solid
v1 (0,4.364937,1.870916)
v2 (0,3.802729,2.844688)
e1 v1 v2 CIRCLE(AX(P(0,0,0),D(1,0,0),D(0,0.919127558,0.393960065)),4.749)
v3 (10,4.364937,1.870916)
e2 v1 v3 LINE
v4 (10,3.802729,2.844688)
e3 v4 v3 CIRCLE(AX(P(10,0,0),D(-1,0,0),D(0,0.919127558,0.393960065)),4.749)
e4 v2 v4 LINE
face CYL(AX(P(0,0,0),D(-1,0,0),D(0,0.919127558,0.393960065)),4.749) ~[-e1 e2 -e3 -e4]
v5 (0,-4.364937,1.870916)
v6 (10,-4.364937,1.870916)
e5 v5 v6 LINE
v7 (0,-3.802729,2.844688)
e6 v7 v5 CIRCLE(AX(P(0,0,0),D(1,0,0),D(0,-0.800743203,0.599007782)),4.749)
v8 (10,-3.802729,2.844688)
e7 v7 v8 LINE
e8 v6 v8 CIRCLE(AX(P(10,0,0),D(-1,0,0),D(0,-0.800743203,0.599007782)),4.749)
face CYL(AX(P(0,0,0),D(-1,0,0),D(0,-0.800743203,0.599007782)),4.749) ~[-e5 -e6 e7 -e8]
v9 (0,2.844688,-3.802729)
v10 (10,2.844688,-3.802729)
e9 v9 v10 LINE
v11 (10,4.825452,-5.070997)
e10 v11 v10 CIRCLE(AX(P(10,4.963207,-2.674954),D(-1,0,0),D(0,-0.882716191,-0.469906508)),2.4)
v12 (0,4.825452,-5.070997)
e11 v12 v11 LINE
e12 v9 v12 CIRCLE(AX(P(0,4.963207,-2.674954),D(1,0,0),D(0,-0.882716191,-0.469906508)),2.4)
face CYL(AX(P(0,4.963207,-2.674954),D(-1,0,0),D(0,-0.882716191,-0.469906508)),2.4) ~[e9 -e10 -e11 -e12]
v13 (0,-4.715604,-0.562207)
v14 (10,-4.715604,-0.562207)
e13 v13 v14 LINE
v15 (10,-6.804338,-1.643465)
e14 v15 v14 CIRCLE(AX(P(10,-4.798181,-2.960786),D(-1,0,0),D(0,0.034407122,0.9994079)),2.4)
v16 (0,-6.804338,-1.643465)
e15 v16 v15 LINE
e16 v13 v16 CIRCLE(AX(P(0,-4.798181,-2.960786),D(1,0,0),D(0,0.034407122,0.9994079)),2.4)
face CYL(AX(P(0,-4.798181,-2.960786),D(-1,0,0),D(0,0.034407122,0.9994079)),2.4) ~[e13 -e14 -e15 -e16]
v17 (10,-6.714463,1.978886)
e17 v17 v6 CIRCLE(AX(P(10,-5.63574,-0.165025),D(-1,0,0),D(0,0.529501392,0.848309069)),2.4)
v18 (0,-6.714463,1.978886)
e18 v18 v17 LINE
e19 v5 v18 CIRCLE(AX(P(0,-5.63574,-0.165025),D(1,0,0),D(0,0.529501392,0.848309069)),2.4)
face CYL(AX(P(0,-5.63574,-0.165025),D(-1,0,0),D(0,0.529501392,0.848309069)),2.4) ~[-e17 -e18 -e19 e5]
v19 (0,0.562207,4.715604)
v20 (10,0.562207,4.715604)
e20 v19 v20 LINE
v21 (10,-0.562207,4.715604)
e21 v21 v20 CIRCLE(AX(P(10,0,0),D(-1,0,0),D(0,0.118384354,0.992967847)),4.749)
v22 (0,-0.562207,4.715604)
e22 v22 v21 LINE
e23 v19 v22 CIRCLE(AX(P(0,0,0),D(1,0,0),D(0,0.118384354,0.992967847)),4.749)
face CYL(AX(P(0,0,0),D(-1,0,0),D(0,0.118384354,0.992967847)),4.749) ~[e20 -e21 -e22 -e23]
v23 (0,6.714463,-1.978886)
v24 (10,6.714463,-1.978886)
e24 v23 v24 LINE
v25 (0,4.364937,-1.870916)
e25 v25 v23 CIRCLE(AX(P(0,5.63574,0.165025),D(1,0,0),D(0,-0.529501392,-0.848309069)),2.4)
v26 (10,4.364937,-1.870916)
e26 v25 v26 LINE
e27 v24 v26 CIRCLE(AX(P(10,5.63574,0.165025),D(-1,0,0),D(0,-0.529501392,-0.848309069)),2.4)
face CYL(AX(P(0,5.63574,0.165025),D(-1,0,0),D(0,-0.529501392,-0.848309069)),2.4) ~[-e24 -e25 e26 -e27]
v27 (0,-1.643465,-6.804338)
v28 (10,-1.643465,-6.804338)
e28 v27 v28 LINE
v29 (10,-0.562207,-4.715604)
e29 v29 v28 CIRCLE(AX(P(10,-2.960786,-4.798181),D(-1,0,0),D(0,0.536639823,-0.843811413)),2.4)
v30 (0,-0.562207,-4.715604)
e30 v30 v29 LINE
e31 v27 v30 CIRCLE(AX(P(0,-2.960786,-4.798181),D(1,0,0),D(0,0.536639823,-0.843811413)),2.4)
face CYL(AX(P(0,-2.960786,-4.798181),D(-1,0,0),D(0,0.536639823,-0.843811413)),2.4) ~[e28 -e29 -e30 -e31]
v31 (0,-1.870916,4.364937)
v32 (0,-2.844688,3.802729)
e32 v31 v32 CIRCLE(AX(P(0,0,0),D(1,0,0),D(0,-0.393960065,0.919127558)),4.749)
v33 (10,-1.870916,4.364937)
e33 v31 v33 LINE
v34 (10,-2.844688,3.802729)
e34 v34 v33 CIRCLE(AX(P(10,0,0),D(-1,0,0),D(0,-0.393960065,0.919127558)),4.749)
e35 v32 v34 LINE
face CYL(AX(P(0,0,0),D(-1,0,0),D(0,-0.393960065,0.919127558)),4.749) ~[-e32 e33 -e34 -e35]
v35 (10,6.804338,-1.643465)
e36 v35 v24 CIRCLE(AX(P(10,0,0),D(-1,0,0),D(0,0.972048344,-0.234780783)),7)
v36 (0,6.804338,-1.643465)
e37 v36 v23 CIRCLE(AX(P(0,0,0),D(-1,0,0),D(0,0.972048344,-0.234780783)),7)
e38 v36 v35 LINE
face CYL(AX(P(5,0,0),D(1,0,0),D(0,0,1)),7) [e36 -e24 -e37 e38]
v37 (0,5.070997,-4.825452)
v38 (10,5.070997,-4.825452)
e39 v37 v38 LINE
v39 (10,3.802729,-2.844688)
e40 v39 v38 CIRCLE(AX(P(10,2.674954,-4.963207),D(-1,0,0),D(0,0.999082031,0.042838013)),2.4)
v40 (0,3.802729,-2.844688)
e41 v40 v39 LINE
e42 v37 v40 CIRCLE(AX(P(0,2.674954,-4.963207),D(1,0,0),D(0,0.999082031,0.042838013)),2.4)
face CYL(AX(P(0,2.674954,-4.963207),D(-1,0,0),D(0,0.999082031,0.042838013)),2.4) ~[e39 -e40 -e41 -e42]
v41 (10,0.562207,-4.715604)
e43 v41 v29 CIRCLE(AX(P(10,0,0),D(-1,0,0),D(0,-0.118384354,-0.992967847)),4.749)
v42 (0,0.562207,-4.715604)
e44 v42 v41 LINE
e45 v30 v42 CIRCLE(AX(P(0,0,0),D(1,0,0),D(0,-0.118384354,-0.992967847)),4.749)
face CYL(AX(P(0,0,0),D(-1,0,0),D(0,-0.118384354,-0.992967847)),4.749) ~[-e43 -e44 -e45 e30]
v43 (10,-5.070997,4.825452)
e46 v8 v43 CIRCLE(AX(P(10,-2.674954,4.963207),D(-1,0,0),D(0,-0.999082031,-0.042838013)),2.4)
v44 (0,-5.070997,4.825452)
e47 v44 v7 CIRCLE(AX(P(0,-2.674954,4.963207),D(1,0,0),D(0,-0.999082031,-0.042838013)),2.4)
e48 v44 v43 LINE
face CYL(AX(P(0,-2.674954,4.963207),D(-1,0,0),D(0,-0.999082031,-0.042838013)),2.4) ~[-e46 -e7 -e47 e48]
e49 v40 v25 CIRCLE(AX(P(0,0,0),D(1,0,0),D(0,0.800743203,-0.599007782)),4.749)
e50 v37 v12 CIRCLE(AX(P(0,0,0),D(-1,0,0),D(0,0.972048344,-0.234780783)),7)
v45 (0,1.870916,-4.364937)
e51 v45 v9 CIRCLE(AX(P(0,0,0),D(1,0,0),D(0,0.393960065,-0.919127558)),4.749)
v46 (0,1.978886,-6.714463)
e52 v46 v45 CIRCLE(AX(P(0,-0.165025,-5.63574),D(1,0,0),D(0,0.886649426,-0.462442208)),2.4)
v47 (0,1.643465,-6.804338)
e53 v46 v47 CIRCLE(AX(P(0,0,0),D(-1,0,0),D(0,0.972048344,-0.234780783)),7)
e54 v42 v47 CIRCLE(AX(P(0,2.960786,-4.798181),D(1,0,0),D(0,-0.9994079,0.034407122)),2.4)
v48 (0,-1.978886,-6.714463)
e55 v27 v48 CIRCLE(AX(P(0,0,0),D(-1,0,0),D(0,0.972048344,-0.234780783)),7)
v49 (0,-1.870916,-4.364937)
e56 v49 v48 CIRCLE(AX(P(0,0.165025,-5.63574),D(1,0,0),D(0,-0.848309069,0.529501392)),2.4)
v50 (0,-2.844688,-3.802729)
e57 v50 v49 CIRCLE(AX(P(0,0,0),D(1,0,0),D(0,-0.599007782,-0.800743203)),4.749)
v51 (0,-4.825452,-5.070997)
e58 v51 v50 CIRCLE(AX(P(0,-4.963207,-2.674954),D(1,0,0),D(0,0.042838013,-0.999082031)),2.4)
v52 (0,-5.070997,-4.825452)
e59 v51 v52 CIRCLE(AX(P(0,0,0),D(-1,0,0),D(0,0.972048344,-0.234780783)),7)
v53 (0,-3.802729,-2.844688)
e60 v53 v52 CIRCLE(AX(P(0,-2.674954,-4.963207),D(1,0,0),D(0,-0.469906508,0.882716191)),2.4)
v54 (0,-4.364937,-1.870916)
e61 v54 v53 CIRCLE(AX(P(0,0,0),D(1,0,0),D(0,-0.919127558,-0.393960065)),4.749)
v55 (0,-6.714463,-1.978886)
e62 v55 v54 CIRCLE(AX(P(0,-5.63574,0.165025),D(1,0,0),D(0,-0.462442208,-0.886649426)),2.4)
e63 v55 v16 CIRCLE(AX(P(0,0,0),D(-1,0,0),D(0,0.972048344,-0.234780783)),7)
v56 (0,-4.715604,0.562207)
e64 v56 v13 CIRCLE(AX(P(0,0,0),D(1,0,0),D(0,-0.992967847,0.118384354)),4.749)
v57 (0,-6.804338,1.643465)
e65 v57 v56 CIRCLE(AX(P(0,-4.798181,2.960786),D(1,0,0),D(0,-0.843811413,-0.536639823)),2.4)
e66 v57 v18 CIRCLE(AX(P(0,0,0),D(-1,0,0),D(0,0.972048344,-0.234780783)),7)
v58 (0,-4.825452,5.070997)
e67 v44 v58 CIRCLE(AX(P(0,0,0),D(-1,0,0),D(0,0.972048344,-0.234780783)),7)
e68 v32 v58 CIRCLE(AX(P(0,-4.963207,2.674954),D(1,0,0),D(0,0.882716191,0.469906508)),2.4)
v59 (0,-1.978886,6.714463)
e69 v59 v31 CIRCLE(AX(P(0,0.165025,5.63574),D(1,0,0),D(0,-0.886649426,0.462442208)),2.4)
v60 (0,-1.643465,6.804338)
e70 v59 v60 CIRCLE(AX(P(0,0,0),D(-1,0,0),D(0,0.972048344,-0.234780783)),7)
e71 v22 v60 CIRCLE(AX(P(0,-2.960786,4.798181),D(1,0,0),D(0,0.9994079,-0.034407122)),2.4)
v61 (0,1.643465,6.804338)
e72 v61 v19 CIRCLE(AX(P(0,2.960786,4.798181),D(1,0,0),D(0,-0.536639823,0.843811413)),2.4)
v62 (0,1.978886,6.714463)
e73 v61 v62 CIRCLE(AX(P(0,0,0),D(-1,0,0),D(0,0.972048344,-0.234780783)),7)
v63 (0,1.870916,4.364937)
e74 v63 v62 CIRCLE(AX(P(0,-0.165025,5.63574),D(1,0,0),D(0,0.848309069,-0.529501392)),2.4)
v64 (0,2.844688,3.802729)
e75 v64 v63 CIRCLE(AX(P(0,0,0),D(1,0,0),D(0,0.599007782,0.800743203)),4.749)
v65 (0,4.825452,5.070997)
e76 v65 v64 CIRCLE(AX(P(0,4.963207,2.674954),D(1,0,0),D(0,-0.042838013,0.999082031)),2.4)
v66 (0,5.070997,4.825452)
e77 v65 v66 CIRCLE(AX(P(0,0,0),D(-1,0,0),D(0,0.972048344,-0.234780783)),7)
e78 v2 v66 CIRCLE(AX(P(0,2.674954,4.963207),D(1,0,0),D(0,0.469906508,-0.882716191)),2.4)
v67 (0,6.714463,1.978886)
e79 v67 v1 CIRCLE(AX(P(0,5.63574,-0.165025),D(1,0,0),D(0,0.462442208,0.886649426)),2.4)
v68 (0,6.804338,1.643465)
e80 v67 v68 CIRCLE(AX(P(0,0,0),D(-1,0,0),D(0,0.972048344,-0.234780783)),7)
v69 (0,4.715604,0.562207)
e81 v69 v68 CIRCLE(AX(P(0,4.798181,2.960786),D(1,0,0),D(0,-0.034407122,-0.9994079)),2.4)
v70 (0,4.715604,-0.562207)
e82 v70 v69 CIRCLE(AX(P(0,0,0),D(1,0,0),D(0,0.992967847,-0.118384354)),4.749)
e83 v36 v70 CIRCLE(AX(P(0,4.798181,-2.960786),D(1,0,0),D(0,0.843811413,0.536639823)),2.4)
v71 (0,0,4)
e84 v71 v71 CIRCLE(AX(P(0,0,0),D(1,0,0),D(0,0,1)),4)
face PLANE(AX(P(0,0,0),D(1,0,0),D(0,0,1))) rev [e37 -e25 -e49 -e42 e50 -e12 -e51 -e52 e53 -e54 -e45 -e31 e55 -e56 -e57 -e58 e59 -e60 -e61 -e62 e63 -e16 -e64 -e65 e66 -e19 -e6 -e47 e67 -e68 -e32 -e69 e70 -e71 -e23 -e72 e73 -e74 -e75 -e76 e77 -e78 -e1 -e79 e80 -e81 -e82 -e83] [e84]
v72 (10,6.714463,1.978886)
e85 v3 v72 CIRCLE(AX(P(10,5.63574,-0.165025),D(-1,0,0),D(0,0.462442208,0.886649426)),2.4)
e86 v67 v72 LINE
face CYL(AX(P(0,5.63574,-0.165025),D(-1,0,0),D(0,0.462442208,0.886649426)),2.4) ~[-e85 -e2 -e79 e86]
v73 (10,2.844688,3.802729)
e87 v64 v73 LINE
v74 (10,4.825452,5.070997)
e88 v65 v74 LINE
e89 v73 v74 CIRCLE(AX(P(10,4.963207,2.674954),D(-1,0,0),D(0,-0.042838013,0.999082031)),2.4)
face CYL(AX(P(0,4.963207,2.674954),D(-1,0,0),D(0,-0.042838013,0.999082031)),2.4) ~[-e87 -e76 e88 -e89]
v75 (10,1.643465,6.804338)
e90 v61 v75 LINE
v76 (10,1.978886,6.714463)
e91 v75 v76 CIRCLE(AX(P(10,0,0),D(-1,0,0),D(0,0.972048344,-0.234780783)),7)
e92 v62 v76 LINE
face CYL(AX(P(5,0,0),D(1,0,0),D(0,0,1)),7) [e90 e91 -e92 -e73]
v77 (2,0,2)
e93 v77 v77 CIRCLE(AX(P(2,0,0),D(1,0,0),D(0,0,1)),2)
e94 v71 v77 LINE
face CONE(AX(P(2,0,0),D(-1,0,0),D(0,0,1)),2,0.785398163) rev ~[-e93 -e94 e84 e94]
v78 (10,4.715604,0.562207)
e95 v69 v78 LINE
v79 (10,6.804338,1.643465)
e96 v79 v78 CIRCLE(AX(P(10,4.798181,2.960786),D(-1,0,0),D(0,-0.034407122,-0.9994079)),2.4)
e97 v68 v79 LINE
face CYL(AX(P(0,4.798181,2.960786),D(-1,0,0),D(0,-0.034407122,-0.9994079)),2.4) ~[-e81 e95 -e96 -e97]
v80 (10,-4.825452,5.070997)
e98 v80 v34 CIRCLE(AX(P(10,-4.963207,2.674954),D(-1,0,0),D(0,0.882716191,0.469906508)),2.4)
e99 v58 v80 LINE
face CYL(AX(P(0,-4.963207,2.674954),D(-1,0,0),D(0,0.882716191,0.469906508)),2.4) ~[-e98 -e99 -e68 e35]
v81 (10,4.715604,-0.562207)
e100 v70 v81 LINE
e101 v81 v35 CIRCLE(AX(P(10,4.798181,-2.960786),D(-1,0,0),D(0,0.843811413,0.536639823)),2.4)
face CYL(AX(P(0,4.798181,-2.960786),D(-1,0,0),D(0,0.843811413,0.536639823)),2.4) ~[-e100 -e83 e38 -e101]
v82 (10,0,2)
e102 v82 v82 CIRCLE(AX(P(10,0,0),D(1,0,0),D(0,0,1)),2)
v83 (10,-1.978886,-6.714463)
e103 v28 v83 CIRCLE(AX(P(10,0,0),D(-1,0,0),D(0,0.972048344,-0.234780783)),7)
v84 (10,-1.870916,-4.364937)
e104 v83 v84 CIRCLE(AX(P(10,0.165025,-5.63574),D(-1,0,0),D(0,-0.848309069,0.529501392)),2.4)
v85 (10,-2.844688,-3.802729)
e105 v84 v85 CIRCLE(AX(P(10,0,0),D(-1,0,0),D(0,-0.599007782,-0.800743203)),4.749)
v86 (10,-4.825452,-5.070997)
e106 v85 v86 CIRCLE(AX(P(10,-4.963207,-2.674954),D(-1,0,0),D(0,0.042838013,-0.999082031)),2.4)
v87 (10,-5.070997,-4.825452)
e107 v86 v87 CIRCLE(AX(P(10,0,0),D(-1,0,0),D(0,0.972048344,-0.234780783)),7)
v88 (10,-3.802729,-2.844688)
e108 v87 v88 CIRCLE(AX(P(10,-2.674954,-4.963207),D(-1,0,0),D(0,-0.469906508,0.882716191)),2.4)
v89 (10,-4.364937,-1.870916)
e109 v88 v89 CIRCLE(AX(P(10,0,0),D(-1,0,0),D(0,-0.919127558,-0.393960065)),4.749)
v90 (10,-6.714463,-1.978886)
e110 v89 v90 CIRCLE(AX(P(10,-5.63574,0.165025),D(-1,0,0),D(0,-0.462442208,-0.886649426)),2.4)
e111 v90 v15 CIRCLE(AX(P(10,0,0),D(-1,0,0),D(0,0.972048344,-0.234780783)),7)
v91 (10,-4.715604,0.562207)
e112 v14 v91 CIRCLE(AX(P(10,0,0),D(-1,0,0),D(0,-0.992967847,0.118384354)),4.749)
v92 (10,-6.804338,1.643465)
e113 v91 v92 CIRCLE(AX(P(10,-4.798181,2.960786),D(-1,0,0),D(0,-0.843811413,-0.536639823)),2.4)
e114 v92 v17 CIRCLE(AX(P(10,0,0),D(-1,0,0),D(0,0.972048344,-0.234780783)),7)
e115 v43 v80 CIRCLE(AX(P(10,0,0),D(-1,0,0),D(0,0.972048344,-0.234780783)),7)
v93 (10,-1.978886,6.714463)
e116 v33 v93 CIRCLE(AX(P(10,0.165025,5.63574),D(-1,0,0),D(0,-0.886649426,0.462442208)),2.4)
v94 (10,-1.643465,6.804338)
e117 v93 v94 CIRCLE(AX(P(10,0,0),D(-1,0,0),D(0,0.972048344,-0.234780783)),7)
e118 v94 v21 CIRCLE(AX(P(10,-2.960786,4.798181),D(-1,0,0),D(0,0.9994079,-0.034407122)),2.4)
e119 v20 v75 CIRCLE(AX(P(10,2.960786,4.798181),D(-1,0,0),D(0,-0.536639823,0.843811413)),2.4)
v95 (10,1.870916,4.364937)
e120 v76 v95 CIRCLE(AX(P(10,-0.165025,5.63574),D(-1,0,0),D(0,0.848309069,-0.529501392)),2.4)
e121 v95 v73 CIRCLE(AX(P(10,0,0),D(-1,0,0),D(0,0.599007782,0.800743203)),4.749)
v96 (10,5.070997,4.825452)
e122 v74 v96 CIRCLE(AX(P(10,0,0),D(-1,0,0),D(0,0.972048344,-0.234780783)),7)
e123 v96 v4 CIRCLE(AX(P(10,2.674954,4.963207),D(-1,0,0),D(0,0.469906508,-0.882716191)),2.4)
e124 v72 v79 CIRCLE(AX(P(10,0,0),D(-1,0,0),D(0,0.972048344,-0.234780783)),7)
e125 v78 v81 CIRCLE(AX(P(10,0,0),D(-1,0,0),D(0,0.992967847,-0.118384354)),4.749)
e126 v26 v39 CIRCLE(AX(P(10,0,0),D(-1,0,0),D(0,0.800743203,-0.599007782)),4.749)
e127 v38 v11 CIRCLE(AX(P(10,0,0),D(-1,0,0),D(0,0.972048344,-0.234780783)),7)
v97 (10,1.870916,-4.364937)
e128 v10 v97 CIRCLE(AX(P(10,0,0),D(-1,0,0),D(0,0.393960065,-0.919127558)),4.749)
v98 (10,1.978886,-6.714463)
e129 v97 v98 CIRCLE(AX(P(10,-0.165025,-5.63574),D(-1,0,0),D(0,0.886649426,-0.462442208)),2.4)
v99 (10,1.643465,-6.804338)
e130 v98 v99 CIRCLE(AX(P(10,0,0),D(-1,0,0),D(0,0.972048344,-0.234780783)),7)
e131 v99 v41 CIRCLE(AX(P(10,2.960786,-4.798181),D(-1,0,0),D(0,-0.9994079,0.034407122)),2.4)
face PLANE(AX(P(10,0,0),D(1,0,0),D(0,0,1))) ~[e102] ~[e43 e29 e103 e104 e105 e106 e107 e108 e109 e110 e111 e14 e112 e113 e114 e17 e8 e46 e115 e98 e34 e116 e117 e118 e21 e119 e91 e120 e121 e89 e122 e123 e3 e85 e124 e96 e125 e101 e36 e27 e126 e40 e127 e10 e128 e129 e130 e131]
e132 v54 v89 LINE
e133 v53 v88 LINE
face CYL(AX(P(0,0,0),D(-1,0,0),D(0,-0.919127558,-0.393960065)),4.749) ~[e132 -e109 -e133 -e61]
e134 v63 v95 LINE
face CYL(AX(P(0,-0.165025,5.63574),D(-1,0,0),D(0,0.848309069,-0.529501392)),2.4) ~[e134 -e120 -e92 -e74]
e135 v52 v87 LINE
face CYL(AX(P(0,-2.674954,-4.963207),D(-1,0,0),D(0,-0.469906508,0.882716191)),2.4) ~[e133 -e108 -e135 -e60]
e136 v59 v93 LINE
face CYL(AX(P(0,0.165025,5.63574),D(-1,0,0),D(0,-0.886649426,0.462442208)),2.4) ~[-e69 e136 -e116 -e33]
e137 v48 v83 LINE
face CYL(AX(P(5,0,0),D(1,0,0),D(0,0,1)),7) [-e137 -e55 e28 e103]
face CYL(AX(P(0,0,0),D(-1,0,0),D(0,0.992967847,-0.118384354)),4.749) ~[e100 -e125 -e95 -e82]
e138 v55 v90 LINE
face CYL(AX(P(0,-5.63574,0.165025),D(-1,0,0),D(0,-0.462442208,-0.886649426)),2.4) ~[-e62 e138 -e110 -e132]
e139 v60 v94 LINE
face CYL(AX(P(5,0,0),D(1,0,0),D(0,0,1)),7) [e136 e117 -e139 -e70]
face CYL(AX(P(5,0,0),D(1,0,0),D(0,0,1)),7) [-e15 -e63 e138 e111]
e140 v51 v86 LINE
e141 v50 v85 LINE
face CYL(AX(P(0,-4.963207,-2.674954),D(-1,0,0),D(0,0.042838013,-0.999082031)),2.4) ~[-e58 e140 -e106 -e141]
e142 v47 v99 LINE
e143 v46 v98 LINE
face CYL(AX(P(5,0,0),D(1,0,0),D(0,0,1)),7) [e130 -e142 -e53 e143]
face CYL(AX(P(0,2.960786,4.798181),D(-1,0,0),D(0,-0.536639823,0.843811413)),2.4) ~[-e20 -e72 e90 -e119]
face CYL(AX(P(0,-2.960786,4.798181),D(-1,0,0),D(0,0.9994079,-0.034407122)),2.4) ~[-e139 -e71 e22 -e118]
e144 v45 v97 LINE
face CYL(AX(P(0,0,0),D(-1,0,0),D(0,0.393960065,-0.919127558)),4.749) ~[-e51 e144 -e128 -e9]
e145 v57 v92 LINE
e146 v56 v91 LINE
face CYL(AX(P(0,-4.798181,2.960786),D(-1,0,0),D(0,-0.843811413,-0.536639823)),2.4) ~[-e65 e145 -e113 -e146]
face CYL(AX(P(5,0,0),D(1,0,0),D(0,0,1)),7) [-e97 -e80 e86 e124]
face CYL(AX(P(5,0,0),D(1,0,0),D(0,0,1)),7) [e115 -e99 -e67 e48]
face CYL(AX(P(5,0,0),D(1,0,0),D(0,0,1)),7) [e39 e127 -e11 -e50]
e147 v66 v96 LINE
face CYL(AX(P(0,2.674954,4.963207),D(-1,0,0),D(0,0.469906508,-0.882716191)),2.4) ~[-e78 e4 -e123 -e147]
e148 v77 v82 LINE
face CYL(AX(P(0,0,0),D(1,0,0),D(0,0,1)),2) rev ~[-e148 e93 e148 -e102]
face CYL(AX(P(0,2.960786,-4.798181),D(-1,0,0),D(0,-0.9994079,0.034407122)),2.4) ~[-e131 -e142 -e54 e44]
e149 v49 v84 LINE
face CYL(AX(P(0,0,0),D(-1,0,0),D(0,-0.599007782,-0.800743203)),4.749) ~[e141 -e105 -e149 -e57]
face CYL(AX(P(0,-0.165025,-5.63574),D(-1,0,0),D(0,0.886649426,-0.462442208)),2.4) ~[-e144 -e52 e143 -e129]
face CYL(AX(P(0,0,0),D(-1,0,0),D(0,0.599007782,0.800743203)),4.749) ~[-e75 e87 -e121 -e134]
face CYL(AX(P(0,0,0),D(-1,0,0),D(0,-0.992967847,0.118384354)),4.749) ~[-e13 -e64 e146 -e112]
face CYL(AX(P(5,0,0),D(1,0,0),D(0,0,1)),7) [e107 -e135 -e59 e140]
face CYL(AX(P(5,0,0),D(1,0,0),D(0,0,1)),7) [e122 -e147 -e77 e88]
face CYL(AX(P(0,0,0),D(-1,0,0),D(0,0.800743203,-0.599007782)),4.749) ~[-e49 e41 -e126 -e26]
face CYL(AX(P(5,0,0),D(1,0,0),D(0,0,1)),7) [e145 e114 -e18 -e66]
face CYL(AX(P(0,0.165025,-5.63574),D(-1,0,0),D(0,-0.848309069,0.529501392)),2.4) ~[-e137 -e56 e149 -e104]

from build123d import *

# Parameters (mm, degrees)
BASPROSKE_W     = 10
BASPROSKE_H     = 7
TOOTHCUT_DEPTH  = 15.071247279
TEETHCUTS_COUNT = 12
TEETHCUTS_ANGLE = 330
BORSKE_R        = 2
BORE_DEPTH      = 50.0000508
CHAMFER_1_SIZE  = 2


with BuildPart() as part:
    # BasProSke → Base-Revolve (revolve)
    with BuildSketch(Plane(origin=(0, 0, 0), x_dir=(1, 0, 0), z_dir=(0, 1, 0)), mode=Mode.PRIVATE) as base_revolve_sk:
        with Locations((5, 3.5)):
            Rectangle(BASPROSKE_W, BASPROSKE_H)
    revolve(base_revolve_sk.sketch.rotate(Axis((-10, 0, 0), (1, 0, 0)), 180), axis=Axis((-10, 0, 0), (1, 0, 0)))

    # TooCutSke → ToothCut (cut, through all)
    with BuildSketch(Plane(origin=(0, 0, 0), x_dir=(0, 0, -1), z_dir=(1, 0, 0))):
        with BuildLine():
            ThreePointArc((0.562207301, 4.715604304), (0, 4.749), (-0.562207301, 4.715604304))
            ThreePointArc((-0.562207301, 4.715604304), (-0.837528627, 5.917009812), (-1.672850686, 6.823328788))
            ThreePointArc((-1.672850686, 6.823328788), (0, 7.0254), (1.672850686, 6.823328788))
            ThreePointArc((1.672850686, 6.823328788), (0.837528627, 5.917009812), (0.562207301, 4.715604304))
        make_face()
    toothcut = extrude(amount=TOOTHCUT_DEPTH, mode=Mode.SUBTRACT)

    # TeethCuts: ToothCut ×12 about axis
    teethcuts_axis = Axis((-10, 0, 0), (1, 0, 0))
    for i in range(1, TEETHCUTS_COUNT):
        add(toothcut.rotate(teethcuts_axis, i * TEETHCUTS_ANGLE / (TEETHCUTS_COUNT - 1)), mode=Mode.SUBTRACT)

    # BorSke → Bore (cut, symmetric)
    with BuildSketch(Plane(origin=(0, 0, 0), x_dir=(0, 0, -1), z_dir=(1, 0, 0))):
        with Locations(Location((0, 0, 0), (0, 0, 180))):
            Circle(BORSKE_R)
    extrude(amount=BORE_DEPTH, both=True, mode=Mode.SUBTRACT)

    # 倒角1
    chamfer_1_edges = [part.edges().sort_by_distance(p)[0] for p in [
        (0, 0, -2),
    ]]
    chamfer(chamfer_1_edges, length=CHAMFER_1_SIZE)


solid = part.part
